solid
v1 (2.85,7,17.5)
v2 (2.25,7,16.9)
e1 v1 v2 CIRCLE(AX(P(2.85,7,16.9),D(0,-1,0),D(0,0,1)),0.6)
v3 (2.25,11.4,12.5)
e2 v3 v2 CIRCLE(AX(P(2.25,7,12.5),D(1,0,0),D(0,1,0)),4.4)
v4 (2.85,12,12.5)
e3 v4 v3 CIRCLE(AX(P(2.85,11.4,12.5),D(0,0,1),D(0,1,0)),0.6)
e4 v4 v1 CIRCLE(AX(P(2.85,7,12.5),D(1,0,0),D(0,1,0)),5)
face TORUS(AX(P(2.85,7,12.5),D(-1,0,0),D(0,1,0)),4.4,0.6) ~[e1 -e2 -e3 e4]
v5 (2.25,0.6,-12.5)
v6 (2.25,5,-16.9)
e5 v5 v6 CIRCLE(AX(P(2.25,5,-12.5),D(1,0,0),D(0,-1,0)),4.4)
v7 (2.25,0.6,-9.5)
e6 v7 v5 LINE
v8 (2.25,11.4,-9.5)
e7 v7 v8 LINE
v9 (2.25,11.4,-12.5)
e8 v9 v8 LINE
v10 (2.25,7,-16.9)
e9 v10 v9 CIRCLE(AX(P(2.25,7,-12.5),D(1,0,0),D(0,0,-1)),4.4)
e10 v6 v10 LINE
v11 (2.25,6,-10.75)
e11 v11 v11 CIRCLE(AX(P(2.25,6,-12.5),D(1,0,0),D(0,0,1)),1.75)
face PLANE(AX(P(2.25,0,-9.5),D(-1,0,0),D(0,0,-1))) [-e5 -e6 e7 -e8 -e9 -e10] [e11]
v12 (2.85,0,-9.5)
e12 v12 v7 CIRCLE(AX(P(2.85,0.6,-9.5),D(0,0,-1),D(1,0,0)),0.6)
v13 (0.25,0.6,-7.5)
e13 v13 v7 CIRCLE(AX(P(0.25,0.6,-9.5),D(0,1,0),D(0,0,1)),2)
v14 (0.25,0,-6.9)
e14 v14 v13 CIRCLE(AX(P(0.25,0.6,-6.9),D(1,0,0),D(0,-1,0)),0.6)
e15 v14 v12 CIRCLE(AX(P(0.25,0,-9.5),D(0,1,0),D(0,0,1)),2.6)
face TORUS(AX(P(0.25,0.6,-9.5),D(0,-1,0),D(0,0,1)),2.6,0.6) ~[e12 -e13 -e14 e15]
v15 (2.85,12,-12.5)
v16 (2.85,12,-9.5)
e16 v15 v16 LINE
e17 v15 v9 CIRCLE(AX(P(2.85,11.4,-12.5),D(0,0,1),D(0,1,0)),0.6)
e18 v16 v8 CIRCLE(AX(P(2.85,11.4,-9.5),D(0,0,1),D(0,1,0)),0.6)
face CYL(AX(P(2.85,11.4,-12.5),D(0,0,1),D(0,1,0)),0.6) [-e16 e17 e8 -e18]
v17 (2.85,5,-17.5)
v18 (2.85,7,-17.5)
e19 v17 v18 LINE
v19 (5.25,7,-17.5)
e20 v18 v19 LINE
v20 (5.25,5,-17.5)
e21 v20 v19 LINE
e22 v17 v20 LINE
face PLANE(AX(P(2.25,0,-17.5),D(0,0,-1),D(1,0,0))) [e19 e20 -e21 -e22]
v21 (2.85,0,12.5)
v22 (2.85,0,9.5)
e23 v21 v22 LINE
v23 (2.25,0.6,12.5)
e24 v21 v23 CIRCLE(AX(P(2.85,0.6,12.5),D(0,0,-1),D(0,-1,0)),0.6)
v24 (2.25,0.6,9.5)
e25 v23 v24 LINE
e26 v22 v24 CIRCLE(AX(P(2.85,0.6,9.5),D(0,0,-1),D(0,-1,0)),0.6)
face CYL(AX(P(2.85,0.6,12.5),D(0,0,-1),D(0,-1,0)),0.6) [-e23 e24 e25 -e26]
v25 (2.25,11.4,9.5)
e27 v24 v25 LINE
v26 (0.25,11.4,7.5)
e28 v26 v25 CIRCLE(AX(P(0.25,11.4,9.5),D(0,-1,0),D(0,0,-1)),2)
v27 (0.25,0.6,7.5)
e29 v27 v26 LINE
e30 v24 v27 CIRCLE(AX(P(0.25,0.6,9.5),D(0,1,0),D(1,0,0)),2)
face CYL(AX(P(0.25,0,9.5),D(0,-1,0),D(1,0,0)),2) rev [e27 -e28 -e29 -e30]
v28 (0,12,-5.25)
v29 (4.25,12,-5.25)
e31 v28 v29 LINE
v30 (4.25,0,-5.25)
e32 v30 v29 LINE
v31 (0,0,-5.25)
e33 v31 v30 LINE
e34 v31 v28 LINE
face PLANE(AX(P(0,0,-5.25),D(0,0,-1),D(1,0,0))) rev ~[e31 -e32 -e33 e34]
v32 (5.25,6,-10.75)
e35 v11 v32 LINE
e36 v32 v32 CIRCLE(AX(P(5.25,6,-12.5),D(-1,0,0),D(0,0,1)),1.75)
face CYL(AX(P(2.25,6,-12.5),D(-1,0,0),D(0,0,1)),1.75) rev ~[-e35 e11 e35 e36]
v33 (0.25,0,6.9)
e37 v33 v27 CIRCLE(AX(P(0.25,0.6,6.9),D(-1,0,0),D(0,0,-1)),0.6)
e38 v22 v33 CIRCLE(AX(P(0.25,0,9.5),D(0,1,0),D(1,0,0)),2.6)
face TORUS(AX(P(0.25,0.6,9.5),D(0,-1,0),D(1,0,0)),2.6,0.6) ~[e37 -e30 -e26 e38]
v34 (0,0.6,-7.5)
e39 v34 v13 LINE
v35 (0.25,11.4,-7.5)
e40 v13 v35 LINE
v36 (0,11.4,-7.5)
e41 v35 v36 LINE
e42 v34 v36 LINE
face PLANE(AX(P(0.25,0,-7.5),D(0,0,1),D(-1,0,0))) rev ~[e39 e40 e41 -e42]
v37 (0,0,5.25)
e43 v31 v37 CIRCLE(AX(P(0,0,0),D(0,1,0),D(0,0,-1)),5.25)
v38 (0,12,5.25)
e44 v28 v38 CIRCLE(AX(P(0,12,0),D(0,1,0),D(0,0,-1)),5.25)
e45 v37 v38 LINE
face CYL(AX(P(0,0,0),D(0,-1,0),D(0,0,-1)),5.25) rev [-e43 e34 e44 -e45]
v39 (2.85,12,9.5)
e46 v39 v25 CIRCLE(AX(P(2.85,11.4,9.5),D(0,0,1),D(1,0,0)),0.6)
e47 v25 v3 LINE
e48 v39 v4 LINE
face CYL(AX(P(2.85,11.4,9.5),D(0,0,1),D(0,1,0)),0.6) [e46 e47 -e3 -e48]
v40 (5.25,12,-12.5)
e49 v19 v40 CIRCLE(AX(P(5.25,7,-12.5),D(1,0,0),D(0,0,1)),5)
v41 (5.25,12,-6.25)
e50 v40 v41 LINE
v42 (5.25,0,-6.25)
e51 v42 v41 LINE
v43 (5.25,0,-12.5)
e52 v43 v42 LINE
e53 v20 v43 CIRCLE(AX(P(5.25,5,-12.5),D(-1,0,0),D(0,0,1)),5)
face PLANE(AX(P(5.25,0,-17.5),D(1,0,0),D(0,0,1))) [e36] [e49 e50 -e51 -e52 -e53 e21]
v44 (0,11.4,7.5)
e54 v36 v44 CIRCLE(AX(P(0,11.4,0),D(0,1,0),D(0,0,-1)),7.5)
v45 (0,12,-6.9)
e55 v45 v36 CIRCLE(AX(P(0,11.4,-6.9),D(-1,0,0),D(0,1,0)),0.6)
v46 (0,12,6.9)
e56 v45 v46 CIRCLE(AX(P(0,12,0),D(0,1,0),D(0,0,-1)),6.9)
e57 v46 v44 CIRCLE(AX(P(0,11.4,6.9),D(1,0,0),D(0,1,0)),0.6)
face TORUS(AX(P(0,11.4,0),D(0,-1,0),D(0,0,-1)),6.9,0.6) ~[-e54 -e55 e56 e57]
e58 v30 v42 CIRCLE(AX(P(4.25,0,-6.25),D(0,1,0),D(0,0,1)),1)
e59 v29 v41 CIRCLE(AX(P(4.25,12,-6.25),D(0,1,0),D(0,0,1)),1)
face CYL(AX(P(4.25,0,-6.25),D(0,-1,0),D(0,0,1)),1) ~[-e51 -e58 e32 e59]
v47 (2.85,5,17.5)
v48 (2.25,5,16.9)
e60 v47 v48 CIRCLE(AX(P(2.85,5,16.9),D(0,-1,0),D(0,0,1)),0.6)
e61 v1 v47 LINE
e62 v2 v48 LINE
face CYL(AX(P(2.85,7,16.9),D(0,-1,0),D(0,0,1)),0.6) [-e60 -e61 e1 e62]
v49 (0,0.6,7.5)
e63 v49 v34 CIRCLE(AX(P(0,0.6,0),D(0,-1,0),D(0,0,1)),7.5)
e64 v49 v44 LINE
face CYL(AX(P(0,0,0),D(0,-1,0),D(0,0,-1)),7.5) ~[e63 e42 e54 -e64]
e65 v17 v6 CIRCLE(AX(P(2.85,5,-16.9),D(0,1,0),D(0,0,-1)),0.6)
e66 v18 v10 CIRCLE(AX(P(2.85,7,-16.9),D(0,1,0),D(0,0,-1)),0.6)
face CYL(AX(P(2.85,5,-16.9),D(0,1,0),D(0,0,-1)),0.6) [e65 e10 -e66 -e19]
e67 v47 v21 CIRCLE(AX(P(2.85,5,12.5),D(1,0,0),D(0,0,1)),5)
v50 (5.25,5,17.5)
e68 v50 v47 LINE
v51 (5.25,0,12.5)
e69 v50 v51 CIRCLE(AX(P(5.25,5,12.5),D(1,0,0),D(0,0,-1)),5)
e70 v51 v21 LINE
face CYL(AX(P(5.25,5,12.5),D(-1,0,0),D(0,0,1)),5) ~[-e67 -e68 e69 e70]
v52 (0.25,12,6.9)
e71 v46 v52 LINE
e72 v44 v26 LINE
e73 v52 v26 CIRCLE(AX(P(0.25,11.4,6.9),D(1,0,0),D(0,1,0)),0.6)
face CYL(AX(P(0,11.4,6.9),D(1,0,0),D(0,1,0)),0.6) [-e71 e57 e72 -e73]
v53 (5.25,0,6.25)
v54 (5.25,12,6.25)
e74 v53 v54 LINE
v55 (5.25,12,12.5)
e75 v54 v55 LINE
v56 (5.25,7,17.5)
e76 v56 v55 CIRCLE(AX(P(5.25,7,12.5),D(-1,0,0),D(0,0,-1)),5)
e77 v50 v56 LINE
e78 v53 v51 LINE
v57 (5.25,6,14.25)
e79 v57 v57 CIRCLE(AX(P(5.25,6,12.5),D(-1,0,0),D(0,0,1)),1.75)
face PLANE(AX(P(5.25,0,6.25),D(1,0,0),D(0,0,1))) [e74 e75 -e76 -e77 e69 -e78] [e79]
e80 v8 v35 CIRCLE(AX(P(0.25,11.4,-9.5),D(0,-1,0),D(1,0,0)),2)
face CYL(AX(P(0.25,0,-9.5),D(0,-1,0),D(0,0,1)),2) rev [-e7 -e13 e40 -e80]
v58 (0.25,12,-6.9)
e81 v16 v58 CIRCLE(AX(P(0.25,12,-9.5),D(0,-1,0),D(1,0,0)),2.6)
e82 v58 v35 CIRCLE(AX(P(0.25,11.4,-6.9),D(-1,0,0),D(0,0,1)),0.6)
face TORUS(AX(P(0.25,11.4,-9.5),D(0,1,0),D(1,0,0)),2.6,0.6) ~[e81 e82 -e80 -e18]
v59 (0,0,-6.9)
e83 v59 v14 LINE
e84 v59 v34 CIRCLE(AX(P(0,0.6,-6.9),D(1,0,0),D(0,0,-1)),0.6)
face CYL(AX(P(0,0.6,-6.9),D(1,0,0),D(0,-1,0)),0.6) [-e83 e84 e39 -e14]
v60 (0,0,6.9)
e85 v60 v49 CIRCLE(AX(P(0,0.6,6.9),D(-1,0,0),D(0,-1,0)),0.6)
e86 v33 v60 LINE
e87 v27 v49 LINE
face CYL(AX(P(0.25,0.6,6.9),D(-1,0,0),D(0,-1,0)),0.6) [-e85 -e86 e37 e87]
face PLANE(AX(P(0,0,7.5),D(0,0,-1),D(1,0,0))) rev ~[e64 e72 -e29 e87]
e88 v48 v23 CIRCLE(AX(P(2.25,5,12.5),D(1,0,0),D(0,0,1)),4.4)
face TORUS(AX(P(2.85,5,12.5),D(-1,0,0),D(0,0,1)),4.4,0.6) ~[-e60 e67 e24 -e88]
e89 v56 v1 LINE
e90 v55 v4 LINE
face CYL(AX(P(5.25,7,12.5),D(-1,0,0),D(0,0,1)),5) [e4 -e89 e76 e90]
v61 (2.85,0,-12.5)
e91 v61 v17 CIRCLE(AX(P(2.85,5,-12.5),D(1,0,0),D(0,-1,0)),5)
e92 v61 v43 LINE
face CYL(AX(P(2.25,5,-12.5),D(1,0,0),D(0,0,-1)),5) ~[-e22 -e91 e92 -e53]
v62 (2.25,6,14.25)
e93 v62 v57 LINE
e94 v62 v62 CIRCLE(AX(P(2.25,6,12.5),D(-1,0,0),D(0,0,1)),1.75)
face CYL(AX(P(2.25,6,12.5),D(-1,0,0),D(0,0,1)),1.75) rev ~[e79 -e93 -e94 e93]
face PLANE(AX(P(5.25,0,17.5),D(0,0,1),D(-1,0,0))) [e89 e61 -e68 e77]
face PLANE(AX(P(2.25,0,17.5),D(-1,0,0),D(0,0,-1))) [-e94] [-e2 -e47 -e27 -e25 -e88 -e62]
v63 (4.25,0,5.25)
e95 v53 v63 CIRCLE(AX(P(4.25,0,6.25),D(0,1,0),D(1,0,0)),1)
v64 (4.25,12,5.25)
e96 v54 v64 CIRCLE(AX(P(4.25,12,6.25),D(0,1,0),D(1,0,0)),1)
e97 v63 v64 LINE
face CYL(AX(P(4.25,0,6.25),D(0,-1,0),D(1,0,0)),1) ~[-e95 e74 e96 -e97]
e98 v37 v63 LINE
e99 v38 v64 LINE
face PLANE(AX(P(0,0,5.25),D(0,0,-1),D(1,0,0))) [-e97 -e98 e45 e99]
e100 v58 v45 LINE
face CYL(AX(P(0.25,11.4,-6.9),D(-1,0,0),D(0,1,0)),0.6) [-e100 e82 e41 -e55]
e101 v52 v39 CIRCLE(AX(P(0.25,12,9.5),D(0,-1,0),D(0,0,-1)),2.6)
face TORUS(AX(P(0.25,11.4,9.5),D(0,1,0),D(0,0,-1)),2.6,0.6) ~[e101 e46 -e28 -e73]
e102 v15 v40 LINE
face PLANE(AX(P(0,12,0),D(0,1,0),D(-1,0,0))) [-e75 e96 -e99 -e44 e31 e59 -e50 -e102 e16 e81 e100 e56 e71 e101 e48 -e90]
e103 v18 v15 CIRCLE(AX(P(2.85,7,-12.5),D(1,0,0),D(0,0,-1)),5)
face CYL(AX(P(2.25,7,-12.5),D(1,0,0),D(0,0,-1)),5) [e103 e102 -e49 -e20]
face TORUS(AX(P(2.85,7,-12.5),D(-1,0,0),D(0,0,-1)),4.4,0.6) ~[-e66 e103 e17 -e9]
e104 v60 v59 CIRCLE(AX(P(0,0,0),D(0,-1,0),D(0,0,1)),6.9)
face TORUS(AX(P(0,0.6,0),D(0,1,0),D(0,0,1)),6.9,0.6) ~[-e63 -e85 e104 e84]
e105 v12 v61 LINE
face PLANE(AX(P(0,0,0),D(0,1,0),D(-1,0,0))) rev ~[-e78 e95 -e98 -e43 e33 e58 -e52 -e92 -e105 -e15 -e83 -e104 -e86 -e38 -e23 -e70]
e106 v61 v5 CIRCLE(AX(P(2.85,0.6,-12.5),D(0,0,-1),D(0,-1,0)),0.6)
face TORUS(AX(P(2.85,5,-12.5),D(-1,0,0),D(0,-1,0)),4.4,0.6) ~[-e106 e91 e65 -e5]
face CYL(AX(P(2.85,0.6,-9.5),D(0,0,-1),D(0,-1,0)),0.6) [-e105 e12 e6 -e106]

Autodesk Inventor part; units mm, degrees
ref_plane "YZ Plane" through (0, 0, 0) normal (1, 0, 0) x (0, 1, 0)
ref_plane "XZ Plane" through (0, 0, 0) normal (0, 1, 0) x (-1, 0, 0)
ref_plane "XY Plane" through (0, 0, 0) normal (0, 0, 1) x (1, 0, 0)
sketch "Эскиз1" plane through (0, 0, 0) normal (0, 1, 0) x (-1, 0, 0)
  arc A0 (0, -5.25) -> (0, 5.25) centre (0, 0) ccw
  arc A1 (0, -7.5) -> (0, 7.5) centre (0, 0) ccw
  line L0 (0, 7.5) -> (-0.25, 7.5)
  line L1 (-5.25, 6.25) -> (-5.25, 17.5)
  line L2 (-5.25, -17.5) -> (-5.25, -6.25)
  line L3 (-0.25, -7.5) -> (0, -7.5)
  line L4 (-5.25, 17.5) -> (-2.25, 17.5)
  line L5 (-2.25, 17.5) -> (-2.25, 9.5)
  line L6 (-2.25, -9.5) -> (-2.25, -17.5)
  line L7 (-2.25, -17.5) -> (-5.25, -17.5)
  line L8 (0, 5.25) -> (-4.25, 5.25)
  line L9 (0, -5.25) -> (-4.25, -5.25)
  arc A2 (-2.25, 9.5) -> (-0.25, 7.5) centre (-0.25, 9.5) ccw
  arc A3 (-0.25, -7.5) -> (-2.25, -9.5) centre (-0.25, -9.5) ccw
  arc A4 (-5.25, 6.25) -> (-4.25, 5.25) centre (-4.25, 6.25) ccw
  arc A5 (-4.25, -5.25) -> (-5.25, -6.25) centre (-4.25, -6.25) ccw
  point P0 (-2.25, -7.5)
  dimension "d0" = 10.5
  dimension "d4" = 3
  dimension "d5" = 2
  dimension "d6" = 1
extrude "Выдавливание1" add sketch "Эскиз1" along normal blind 12
fillet "Сопряжение1" radius 5 4 edges at (3.75, 12, 17.5) (3.75, 0, 17.5) (3.75, 12, -17.5) (3.75, 0, -17.5)
sketch "Эскиз2" plane through (2.25, 0, 9.5) normal (-1, 0, 0) x (0, 0, 1)
  line L0 (8, 5) -> (8, 7) projected
  line L1 (8, 6) -> (3, 6)
  circle A0 centre (3, 6) radius 1.75
  line L2 (-27, 5) -> (-27, 7) projected
  line L3 (-27, 6) -> (-22, 6)
  circle A1 centre (-22, 6) radius 1.75
  point P0 (-9.5, 0)
  dimension "d10" = 5
  dimension "d11" = 3.5
  dimension "d12" = 5
  dimension "d13" = 3.5
extrude "Выдавливание2" cut sketch "Эскиз2" against normal through all
fillet "Сопряжение2" radius 0.6 20 edges at (0.125, 12, 7.5) (1.6642, 12, 8.0858) (2.25, 12, 11) (2.25, 10.5355, 16.0355) (2.25, 6, 17.5) (2.25, 1.4645, 16.0355) (2.25, 0, 11) (1.6642, 0, 8.0858) (0.125, 0, 7.5) (-7.5, 0, 0) (0.125, 0, -7.5) (1.6642, 0, -8.0858) (2.25, 0, -11) (2.25, 1.4645, -16.0355) (2.25, 6, -17.5) (2.25, 10.5355, -16.0355) (2.25, 12, -11) (1.6642, 12, -8.0858) (0.125, 12, -7.5) (-7.5, 12, 0)
properties part number "tube_holder"
